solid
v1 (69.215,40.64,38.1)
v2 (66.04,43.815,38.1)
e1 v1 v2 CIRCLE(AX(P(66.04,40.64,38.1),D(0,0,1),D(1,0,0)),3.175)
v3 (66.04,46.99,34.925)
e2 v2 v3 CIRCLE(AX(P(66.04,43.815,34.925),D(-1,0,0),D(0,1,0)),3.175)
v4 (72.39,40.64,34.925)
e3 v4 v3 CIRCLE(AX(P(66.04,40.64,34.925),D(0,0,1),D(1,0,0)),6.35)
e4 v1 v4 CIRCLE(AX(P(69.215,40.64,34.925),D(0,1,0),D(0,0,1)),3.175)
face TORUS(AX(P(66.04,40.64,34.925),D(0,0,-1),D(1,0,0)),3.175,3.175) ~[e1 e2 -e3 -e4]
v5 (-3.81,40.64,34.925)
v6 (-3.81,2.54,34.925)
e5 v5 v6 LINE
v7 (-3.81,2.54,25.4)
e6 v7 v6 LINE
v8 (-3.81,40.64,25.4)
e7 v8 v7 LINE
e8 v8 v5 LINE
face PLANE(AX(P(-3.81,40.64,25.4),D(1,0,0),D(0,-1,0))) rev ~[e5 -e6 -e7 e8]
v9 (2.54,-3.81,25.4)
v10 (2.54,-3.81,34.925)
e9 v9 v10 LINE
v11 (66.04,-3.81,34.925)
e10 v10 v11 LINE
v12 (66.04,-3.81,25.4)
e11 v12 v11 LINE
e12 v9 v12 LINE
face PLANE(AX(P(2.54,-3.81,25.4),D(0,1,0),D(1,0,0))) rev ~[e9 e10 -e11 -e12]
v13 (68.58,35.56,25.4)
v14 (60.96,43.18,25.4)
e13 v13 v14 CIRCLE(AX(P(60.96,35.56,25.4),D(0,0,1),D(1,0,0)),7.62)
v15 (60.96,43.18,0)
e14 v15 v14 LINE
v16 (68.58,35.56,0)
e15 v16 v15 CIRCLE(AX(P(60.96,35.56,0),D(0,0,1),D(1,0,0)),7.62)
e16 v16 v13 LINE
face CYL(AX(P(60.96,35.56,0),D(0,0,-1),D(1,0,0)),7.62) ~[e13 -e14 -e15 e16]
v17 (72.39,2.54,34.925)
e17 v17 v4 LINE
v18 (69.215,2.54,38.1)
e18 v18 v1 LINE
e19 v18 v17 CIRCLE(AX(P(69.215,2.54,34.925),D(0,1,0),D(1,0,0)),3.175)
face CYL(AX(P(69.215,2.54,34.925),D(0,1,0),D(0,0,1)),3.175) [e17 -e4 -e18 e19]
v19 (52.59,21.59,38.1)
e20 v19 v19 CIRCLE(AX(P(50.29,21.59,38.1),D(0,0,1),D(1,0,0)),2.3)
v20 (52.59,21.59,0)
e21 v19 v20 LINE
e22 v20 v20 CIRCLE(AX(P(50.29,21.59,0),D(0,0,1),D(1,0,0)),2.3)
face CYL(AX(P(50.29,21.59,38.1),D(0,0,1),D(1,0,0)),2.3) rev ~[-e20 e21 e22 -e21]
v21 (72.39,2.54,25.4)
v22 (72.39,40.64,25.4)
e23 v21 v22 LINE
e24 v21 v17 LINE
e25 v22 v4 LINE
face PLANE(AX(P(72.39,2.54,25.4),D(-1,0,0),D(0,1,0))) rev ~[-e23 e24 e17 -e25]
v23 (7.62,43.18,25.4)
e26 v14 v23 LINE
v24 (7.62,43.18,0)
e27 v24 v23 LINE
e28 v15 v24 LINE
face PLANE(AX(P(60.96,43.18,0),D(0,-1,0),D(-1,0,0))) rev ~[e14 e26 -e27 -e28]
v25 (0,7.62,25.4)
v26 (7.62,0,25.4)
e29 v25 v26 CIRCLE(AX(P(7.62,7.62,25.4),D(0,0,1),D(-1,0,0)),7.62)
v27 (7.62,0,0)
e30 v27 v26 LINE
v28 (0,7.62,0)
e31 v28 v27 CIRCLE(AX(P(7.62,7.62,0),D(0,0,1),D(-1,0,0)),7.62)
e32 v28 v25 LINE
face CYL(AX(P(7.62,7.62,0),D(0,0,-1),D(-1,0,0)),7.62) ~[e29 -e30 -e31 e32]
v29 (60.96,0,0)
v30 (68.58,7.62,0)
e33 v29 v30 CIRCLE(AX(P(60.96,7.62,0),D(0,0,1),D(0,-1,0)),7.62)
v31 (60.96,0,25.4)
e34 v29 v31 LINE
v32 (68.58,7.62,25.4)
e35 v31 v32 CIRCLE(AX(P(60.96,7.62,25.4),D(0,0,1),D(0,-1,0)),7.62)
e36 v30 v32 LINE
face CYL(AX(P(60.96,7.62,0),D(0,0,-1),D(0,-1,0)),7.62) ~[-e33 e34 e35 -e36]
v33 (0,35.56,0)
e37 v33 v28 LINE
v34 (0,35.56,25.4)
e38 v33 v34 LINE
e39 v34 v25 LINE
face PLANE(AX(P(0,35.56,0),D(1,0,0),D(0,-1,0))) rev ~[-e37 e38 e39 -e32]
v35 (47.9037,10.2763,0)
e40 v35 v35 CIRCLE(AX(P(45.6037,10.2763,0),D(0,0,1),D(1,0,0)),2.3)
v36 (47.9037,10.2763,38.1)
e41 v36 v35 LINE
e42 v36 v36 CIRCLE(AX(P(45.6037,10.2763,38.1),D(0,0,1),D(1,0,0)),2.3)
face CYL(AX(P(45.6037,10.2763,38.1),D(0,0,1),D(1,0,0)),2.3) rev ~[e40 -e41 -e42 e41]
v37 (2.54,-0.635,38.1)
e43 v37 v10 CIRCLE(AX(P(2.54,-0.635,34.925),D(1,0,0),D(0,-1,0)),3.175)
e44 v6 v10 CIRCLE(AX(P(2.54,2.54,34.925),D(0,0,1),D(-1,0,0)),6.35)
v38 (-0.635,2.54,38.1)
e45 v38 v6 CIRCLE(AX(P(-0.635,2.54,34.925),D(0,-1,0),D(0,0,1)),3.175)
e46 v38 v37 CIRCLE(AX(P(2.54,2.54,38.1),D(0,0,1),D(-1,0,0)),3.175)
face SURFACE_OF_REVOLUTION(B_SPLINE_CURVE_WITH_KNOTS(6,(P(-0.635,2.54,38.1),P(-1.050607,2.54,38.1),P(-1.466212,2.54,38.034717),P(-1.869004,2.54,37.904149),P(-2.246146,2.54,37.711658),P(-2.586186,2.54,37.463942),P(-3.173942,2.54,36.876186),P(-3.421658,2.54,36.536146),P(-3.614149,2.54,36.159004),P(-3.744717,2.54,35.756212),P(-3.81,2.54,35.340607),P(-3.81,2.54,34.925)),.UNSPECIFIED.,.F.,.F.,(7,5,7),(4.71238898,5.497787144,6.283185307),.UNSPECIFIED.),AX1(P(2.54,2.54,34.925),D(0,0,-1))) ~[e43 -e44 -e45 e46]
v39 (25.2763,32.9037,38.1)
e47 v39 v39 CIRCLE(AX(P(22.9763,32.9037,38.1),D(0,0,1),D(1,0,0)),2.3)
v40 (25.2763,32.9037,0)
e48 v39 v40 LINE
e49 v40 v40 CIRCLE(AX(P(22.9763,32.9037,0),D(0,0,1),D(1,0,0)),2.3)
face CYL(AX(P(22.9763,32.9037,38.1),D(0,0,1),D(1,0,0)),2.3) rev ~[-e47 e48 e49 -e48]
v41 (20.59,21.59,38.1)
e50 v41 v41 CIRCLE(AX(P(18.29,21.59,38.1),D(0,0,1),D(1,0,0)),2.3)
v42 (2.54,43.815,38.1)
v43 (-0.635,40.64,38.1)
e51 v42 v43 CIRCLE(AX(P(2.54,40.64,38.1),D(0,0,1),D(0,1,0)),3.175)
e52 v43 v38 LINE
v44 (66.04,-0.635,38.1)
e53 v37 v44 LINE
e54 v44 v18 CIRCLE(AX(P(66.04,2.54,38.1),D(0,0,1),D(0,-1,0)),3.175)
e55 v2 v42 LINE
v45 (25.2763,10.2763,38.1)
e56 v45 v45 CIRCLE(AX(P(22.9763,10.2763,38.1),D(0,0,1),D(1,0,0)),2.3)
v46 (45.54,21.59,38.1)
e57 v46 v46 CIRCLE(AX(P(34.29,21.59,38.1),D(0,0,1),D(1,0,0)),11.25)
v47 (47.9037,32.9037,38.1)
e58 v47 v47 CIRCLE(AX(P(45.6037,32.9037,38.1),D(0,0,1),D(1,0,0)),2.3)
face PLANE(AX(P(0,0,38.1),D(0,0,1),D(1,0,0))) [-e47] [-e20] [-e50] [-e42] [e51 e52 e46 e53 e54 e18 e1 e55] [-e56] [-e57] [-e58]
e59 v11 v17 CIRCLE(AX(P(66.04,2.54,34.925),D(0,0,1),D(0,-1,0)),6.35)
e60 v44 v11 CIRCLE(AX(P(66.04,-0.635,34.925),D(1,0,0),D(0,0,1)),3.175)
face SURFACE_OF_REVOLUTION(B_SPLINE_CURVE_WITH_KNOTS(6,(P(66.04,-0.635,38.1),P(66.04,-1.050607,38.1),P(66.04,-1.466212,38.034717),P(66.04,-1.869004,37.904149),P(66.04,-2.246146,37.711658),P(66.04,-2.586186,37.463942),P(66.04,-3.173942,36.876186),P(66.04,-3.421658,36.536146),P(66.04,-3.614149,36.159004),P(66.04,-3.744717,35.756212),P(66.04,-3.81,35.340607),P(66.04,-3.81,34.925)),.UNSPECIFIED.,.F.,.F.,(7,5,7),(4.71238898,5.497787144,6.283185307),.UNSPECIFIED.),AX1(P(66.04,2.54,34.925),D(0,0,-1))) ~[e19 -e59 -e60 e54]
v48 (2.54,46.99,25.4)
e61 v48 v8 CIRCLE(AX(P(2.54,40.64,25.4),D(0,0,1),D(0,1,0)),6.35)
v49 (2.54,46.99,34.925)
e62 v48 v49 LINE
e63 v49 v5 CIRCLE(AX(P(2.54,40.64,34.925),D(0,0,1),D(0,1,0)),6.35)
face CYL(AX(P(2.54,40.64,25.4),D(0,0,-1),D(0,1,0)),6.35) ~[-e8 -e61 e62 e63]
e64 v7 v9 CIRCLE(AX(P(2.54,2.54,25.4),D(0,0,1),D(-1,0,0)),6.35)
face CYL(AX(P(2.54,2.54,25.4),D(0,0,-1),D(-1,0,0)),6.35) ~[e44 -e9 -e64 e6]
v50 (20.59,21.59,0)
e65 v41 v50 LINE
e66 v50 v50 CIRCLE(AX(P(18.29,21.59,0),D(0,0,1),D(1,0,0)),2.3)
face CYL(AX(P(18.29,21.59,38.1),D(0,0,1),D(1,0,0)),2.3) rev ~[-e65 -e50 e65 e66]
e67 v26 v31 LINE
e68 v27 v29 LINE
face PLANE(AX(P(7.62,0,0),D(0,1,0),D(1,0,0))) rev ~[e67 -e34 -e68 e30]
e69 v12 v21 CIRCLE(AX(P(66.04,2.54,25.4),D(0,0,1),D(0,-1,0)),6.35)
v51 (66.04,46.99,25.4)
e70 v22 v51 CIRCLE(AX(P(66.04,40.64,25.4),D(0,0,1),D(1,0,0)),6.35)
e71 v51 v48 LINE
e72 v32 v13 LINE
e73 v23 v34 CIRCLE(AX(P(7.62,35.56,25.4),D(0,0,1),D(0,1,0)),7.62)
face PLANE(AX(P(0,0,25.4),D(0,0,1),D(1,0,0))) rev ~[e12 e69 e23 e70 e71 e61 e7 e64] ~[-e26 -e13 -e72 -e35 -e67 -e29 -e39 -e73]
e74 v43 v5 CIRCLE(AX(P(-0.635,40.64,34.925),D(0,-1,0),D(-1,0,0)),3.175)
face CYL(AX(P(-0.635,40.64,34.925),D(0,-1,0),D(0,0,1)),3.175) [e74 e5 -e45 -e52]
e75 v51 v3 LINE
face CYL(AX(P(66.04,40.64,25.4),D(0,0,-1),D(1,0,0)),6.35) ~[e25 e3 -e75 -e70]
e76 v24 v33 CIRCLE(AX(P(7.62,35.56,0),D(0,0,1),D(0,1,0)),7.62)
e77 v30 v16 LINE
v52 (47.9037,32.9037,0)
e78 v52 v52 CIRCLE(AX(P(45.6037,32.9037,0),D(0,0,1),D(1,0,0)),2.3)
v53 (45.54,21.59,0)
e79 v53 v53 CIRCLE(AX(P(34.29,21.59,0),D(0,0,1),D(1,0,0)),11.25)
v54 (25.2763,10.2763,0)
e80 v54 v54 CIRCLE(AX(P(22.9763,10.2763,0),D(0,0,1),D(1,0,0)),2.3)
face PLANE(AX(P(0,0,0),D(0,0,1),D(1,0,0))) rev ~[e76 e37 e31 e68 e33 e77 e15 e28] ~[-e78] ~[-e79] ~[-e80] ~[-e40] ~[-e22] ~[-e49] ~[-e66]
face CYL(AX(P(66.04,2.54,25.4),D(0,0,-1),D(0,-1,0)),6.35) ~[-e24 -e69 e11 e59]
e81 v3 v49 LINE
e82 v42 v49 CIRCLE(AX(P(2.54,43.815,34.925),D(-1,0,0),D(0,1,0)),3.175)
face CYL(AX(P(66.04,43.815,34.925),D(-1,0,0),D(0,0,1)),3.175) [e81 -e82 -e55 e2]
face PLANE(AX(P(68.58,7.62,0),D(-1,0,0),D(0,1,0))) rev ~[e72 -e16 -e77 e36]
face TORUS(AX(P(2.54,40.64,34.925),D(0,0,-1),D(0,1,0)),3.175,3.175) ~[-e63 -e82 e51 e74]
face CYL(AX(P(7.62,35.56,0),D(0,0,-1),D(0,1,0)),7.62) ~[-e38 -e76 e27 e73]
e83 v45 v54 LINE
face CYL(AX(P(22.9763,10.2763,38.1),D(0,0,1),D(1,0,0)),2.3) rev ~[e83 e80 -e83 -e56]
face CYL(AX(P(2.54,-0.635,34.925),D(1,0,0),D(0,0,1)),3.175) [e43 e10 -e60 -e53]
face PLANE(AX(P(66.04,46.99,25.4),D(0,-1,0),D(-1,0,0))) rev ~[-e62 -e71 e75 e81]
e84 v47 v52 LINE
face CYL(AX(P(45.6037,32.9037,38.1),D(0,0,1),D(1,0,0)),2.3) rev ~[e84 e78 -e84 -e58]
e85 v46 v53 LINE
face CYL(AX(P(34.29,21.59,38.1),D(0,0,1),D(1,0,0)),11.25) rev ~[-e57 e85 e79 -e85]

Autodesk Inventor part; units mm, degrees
ref_plane "YZ Plane" through (0, 0, 0) normal (1, 0, 0) x (0, 1, 0)
ref_plane "XZ Plane" through (0, 0, 0) normal (0, 1, 0) x (-1, 0, 0)
ref_plane "XY Plane" through (0, 0, 0) normal (0, 0, 1) x (1, 0, 0)
sketch "Sketch1" plane through (0, 0, 0) normal (0, 0, 1) x (1, 0, 0)
  line L0 (7.62, 0) -> (60.96, 0)
  line L1 (68.58, 7.62) -> (68.58, 35.56)
  line L2 (60.96, 43.18) -> (7.62, 43.18)
  line L3 (0, 35.56) -> (0, 7.62)
  arc A0 (7.62, 43.18) -> (0, 35.56) centre (7.62, 35.56) ccw
  arc A1 (0, 7.62) -> (7.62, 0) centre (7.62, 7.62) ccw
  arc A2 (68.58, 35.56) -> (60.96, 43.18) centre (60.96, 35.56) ccw
  arc A3 (60.96, 0) -> (68.58, 7.62) centre (60.96, 7.62) ccw
  point P0 (0, 0)
  point P1 (68.58, 43.18)
  point P2 (68.58, 0)
  point P3 (0, 43.18)
  dimension "d0" = 68.58
  dimension "d1" = 43.18
  dimension "d3" = 7.62
extrude "Extrusion1" add sketch "Sketch1" along normal blind 25.4
sketch "Sketch2" plane through (0, 0, 25.4) normal (0, 0, 1) x (1, 0, 0)
  line L0 (2.54, -3.81) -> (66.04, -3.81)
  line L1 (72.39, 2.54) -> (72.39, 40.64)
  line L2 (66.04, 46.99) -> (2.54, 46.99)
  line L3 (-3.81, 40.64) -> (-3.81, 2.54)
  line L4 (60.96, 43.18) -> (7.62, 43.18) construction
  line L5 (0, 35.56) -> (0, 7.62) construction
  line L6 (7.62, 0) -> (60.96, 0) construction
  line L7 (68.58, 7.62) -> (68.58, 35.56) construction
  arc A0 (2.54, 46.99) -> (-3.81, 40.64) centre (2.54, 40.64) ccw
  arc A1 (-3.81, 2.54) -> (2.54, -3.81) centre (2.54, 2.54) ccw
  arc A2 (66.04, -3.81) -> (72.39, 2.54) centre (66.04, 2.54) ccw
  arc A3 (72.39, 40.64) -> (66.04, 46.99) centre (66.04, 40.64) ccw
  point P0 (0, 0)
  point P1 (72.39, 46.99)
  point P2 (72.39, -3.81)
  point P3 (-3.81, 46.99)
  point P4 (34.29, 46.99)
  point P5 (34.29, 43.18)
  point P6 (68.58, 21.59)
  point P7 (72.39, 21.59)
  dimension "d6" = 76.2
  dimension "d7" = 50.8
  dimension "d8" = 6.35
extrude "Extrusion2" add sketch "Sketch2" along normal blind 12.7
fillet "Fillet1" radius 3.175 8 edges at (-1.9501, 45.1301, 38.1) (-3.81, 21.59, 38.1) (-1.9501, -1.9501, 38.1) (34.29, -3.81, 38.1) (70.5301, -1.9501, 38.1) (72.39, 21.59, 38.1) (70.5301, 45.1301, 38.1) (34.29, 46.99, 38.1)
sketch "Sketch3" plane through (0, 0, 38.1) normal (0, 0, 1) x (1, 0, 0)
  circle A0 centre (34.29, 21.59) radius 11.25
  line L0 (-0.635, 2.54) -> (-0.635, 40.64) construction
  line L1 (2.54, 43.815) -> (66.04, 43.815) construction
  circle A1 centre (34.29, 21.59) radius 16 construction
  circle A2 centre (45.6037, 32.9037) radius 2.3
  circle A3 centre (18.29, 21.59) radius 2.3
  circle A4 centre (45.6037, 10.2763) radius 2.3
  circle A5 centre (50.29, 21.59) radius 2.3
  circle A6 centre (22.9763, 32.9037) radius 2.3
  circle A7 centre (22.9763, 10.2763) radius 2.3
  line L2 (22.9763, 32.9037) -> (34.29, 21.59) construction
  line L3 (34.29, 21.59) -> (18.29, 21.59) construction
  point P0 (0, 0)
  point P1 (34.29, 43.815)
  point P2 (-0.635, 21.59)
  dimension "d12" = 22.5
  dimension "d13" = 32
  dimension "d14" = 4.6
  dimension "d15" = 45
extrude "Extrusion3" cut sketch "Sketch3" against normal up to surface (38.1 mm away)
properties part number "2x3_Spacer"
